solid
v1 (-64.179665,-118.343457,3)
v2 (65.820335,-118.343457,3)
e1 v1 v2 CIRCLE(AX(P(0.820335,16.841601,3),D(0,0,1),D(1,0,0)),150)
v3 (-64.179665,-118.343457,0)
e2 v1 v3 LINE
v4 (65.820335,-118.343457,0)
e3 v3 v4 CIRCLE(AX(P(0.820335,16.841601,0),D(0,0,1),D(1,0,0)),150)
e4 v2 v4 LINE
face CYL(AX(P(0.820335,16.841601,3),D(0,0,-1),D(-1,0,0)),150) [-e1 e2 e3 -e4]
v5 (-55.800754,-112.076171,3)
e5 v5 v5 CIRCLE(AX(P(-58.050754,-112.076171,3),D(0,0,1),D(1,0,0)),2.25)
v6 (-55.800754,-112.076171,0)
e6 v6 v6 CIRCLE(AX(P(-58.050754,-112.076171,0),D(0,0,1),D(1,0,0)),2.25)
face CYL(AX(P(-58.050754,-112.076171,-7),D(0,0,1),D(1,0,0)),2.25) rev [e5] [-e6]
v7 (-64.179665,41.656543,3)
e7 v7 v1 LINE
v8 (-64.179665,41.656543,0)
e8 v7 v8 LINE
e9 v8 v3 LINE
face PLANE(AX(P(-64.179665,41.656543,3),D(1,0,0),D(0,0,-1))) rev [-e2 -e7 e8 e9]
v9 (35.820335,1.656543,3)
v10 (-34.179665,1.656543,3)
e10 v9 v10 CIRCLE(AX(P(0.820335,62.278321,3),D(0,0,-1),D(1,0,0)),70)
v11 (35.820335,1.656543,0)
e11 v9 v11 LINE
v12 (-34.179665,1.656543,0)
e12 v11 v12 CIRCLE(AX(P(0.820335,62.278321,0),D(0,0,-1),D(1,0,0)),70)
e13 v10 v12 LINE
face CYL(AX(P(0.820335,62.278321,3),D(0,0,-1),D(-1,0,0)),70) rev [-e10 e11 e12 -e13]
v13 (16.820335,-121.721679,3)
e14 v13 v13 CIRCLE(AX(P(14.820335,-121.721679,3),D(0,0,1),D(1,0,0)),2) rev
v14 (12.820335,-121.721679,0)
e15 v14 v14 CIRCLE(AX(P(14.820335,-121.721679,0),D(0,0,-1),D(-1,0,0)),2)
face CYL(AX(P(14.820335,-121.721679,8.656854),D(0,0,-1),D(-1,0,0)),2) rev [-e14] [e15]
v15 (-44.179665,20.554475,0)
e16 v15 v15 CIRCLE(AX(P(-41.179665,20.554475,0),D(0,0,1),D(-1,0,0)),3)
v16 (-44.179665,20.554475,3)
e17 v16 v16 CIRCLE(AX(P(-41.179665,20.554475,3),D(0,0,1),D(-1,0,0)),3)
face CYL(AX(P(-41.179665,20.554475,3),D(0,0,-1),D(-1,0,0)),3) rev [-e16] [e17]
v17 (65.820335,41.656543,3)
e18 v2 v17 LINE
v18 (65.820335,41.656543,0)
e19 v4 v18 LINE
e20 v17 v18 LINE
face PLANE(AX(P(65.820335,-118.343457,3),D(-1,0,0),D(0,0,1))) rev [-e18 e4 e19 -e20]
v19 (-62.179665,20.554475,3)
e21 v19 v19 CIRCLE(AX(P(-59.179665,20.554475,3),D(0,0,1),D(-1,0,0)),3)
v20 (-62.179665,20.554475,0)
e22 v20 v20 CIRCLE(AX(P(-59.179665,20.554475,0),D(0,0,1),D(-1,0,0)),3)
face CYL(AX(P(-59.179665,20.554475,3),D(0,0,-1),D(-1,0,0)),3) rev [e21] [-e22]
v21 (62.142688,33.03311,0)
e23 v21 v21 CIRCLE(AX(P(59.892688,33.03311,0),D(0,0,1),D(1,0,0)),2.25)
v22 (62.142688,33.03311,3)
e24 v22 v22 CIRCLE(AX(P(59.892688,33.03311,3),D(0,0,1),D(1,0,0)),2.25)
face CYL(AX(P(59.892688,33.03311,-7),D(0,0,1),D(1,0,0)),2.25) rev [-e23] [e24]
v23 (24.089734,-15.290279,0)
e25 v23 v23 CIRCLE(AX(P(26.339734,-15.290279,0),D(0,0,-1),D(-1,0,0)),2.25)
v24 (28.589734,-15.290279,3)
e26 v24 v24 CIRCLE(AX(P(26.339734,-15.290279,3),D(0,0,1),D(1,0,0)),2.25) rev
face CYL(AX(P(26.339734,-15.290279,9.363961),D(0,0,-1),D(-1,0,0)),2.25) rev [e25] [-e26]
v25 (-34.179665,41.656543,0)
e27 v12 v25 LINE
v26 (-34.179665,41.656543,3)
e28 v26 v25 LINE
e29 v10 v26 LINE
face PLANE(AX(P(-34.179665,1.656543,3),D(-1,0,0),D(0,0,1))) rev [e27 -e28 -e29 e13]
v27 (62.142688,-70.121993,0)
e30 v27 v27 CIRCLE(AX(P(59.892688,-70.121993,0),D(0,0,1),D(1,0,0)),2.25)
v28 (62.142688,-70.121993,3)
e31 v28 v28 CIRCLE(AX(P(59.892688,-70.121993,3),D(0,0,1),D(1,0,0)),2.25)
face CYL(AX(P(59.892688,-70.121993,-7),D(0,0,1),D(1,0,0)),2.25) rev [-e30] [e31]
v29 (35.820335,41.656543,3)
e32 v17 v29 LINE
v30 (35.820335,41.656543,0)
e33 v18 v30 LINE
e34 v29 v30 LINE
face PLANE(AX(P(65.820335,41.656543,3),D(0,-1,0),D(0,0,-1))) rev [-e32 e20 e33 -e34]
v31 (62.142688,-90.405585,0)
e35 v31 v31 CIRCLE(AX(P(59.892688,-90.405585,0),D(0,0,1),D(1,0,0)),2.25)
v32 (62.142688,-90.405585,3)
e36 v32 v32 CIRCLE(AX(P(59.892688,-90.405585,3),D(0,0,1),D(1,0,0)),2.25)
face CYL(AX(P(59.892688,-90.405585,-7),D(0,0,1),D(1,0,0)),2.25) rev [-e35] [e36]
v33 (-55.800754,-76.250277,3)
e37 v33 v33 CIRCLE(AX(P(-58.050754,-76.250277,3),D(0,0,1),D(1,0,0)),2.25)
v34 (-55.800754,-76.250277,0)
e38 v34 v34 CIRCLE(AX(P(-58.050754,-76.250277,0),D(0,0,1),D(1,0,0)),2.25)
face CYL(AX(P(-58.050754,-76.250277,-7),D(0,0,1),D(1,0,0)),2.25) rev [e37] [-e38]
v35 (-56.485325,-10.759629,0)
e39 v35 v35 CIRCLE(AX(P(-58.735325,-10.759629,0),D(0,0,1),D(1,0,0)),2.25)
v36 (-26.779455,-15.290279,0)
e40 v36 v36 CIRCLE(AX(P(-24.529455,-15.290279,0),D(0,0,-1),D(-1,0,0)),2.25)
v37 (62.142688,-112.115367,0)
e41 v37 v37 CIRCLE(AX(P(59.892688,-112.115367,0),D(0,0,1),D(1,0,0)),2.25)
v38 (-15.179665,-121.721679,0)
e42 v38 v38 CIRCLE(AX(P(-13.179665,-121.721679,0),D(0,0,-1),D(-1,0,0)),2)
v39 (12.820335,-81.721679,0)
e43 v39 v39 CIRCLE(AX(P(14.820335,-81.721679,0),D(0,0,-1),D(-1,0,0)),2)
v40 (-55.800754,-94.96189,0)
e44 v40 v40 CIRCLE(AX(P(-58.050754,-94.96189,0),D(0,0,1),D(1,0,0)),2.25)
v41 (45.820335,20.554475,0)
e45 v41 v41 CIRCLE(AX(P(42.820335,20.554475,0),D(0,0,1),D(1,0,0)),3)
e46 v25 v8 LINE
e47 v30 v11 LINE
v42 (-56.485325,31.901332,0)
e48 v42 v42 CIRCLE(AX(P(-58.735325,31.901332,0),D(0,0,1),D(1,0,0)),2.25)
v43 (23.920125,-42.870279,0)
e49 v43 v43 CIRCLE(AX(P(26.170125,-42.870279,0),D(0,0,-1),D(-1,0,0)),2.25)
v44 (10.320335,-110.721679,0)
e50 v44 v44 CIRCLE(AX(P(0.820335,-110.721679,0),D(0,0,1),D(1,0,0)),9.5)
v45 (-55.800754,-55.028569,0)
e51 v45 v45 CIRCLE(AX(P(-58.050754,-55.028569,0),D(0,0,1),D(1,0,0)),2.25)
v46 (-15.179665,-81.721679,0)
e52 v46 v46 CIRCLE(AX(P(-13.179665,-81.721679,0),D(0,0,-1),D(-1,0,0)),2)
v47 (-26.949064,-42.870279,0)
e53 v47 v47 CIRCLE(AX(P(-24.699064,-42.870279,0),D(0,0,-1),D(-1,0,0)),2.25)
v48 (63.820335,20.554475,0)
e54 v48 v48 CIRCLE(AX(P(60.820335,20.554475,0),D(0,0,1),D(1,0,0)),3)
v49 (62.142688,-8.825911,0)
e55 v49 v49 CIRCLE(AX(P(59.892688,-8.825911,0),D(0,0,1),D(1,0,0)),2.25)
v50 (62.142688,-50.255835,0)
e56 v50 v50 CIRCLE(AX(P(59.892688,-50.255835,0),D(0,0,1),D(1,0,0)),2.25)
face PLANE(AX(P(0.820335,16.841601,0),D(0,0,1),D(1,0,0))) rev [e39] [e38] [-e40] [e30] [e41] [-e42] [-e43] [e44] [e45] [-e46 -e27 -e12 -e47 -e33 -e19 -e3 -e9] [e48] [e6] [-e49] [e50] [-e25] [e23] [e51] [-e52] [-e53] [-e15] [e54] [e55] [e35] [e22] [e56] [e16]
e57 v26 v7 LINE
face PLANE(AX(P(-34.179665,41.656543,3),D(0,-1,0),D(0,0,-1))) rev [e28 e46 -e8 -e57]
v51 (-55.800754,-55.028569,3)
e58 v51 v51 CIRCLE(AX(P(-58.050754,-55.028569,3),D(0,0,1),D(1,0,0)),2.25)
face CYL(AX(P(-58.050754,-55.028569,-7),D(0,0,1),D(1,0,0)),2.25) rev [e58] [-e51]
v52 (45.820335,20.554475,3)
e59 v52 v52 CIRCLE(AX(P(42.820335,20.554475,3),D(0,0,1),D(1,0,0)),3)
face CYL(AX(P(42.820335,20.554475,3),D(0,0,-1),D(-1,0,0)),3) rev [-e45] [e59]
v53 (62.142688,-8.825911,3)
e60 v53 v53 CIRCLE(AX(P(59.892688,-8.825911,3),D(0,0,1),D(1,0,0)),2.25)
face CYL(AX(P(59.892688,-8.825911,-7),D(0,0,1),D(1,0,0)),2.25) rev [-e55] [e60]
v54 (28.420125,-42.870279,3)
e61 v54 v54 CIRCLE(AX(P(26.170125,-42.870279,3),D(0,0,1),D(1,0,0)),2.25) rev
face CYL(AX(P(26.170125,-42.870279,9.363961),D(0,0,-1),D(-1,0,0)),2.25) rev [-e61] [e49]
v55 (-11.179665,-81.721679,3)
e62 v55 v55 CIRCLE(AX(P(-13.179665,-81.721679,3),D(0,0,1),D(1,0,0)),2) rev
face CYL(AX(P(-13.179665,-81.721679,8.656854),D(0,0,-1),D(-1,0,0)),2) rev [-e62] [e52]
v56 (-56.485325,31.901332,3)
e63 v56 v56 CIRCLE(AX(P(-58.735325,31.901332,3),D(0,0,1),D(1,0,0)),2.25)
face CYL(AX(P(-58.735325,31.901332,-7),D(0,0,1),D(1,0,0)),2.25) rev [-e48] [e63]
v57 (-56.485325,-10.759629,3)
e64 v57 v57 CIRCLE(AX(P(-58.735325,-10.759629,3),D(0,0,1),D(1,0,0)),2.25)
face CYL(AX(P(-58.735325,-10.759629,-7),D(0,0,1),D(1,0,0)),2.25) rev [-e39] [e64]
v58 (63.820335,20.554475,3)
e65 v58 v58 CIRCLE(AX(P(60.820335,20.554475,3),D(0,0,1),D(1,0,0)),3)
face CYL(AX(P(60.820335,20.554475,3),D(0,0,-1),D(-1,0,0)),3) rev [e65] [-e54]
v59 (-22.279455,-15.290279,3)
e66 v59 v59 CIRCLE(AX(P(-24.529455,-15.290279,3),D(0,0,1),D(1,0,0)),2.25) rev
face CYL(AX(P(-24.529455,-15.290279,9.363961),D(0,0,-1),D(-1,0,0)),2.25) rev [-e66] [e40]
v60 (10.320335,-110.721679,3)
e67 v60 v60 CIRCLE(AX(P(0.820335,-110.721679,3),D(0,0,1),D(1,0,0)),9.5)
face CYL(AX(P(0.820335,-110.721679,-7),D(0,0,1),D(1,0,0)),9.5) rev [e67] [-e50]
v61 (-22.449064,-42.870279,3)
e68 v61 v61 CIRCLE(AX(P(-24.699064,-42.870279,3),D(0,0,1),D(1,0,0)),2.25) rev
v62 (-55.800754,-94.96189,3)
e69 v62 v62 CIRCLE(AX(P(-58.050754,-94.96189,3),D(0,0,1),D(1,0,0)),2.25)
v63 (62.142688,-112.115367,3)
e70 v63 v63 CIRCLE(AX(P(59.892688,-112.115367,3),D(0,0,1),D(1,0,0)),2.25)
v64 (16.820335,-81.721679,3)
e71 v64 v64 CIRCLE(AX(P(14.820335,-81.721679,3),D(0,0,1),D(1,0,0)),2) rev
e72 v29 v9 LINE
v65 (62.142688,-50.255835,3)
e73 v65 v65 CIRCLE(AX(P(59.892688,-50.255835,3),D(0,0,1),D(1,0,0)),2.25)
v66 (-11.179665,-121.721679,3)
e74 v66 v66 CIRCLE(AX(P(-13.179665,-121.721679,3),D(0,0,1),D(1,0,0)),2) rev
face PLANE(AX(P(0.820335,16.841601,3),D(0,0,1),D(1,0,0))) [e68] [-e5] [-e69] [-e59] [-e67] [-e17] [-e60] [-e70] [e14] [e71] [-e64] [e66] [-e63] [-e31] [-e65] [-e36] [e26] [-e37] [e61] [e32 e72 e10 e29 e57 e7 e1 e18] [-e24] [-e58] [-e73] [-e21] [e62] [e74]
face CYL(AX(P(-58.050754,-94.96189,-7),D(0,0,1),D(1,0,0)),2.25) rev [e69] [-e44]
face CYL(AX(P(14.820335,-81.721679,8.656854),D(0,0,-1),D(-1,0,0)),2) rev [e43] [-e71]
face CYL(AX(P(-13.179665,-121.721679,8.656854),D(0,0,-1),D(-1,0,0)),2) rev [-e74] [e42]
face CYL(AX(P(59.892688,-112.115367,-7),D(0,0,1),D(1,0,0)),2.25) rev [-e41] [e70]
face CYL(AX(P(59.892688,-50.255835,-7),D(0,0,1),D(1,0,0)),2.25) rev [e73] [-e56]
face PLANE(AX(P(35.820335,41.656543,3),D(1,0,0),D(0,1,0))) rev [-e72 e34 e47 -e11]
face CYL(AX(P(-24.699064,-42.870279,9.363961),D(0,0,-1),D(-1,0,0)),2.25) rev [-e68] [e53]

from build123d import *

# Parameters (mm, degrees)
SKETCH1_R           = 3
BOSS_EXTRUDE2_DEPTH = 3
SKETCH4_R           = 9.5
CUT_EXTRUDE2_DEPTH  = 10
SKETCH5_R           = 2
CUT_EXTRUDE3_DEPTH  = 3
SKETCH6_R           = 2.25
CUT_EXTRUDE4_DEPTH  = 3
SKETCH7_R           = 2.25
CUT_EXTRUDE5_DEPTH  = 10


with BuildPart() as part:
    # Sketch1 → Boss-Extrude2 (new body)
    with BuildSketch(Plane.XY):
        with BuildLine():
            Line((-34.17966517, 1.656542757), (-34.17966517, 41.656542757))
            Line((-34.17966517, 41.656542757), (-64.17966517, 41.656542757))
            Line((-64.17966517, 41.656542757), (-64.17966517, -118.343457243))
            ThreePointArc((-64.17966517, -118.343457243), (0.82033483, -133.158398897), (65.82033483, -118.343457243))
            Line((65.82033483, -118.343457243), (65.82033483, 41.656542757))
            Line((65.82033483, 41.656542757), (35.82033483, 41.656542757))
            Line((35.82033483, 41.656542757), (35.82033483, 1.656542757))
            ThreePointArc((35.82033483, 1.656542757), (0.82033483, -7.721678978), (-34.17966517, 1.656542757))
        make_face()
        with Locations((60.82033483, 20.554474708)):
            Circle(SKETCH1_R, mode=Mode.SUBTRACT)
        with Locations((42.82033483, 20.554474708)):
            Circle(SKETCH1_R, mode=Mode.SUBTRACT)
        with Locations(Location((-59.17966517, 20.554474708, 0), (0, 0, 180))):
            Circle(SKETCH1_R, mode=Mode.SUBTRACT)
        with Locations(Location((-41.17966517, 20.554474708, 0), (0, 0, 180))):
            Circle(SKETCH1_R, mode=Mode.SUBTRACT)
    extrude(amount=BOSS_EXTRUDE2_DEPTH)

    # Sketch4 → Cut-Extrude2 (cut)
    with BuildSketch(Plane.XY.offset(3)):
        with Locations((0.82033483, -110.721678978)):
            Circle(SKETCH4_R)
    extrude(amount=-CUT_EXTRUDE2_DEPTH, mode=Mode.SUBTRACT)

    # Sketch5 → Cut-Extrude3 (cut)
    with BuildSketch(Plane(origin=(0, 0, 0), x_dir=(-1, 0, 0), z_dir=(0, 0, -1))):
        with Locations((-14.82033483, -121.721678978)):
            Circle(SKETCH5_R)
        with Locations((-14.82033483, -81.721678978)):
            Circle(SKETCH5_R)
        with Locations((13.17966517, -81.721678978)):
            Circle(SKETCH5_R)
        with Locations((13.17966517, -121.721678978)):
            Circle(SKETCH5_R)
    extrude(amount=-CUT_EXTRUDE3_DEPTH, mode=Mode.SUBTRACT)

    # Sketch6 → Cut-Extrude4 (cut)
    with BuildSketch(Plane(origin=(0, 0, 0), x_dir=(-1, 0, 0), z_dir=(0, 0, -1))):
        with Locations((-26.170124502, -42.870278614)):
            Circle(SKETCH6_R)
        with Locations((-26.339734066, -15.290278614)):
            Circle(SKETCH6_R)
        with Locations((24.529454842, -15.290278614)):
            Circle(SKETCH6_R)
        with Locations((24.699064406, -42.870278614)):
            Circle(SKETCH6_R)
    extrude(amount=-CUT_EXTRUDE4_DEPTH, mode=Mode.SUBTRACT)

    # Sketch7 → Cut-Extrude5 (cut)
    with BuildSketch(Plane.XY.offset(3)):
        with Locations((-58.050753667, -112.076170868)):
            Circle(SKETCH7_R)
        with Locations((-58.050753667, -94.961890213)):
            Circle(SKETCH7_R)
        with Locations((-58.050753667, -76.250276697)):
            Circle(SKETCH7_R)
        with Locations((-58.050753667, -55.028568685)):
            Circle(SKETCH7_R)
        with Locations((-58.735324893, -10.759629391)):
            Circle(SKETCH7_R)
        with Locations((-58.735324893, 31.901332055)):
            Circle(SKETCH7_R)
        with Locations((59.892687825, -112.115366711)):
            Circle(SKETCH7_R)
        with Locations((59.892687825, -90.405584769)):
            Circle(SKETCH7_R)
        with Locations((59.892687825, -70.121992882)):
            Circle(SKETCH7_R)
        with Locations((59.892687825, -50.255835401)):
            Circle(SKETCH7_R)
        with Locations((59.892687825, -8.825910752)):
            Circle(SKETCH7_R)
        with Locations((59.892687825, 33.03311017)):
            Circle(SKETCH7_R)
    extrude(amount=-CUT_EXTRUDE5_DEPTH, mode=Mode.SUBTRACT)


solid = part.part
